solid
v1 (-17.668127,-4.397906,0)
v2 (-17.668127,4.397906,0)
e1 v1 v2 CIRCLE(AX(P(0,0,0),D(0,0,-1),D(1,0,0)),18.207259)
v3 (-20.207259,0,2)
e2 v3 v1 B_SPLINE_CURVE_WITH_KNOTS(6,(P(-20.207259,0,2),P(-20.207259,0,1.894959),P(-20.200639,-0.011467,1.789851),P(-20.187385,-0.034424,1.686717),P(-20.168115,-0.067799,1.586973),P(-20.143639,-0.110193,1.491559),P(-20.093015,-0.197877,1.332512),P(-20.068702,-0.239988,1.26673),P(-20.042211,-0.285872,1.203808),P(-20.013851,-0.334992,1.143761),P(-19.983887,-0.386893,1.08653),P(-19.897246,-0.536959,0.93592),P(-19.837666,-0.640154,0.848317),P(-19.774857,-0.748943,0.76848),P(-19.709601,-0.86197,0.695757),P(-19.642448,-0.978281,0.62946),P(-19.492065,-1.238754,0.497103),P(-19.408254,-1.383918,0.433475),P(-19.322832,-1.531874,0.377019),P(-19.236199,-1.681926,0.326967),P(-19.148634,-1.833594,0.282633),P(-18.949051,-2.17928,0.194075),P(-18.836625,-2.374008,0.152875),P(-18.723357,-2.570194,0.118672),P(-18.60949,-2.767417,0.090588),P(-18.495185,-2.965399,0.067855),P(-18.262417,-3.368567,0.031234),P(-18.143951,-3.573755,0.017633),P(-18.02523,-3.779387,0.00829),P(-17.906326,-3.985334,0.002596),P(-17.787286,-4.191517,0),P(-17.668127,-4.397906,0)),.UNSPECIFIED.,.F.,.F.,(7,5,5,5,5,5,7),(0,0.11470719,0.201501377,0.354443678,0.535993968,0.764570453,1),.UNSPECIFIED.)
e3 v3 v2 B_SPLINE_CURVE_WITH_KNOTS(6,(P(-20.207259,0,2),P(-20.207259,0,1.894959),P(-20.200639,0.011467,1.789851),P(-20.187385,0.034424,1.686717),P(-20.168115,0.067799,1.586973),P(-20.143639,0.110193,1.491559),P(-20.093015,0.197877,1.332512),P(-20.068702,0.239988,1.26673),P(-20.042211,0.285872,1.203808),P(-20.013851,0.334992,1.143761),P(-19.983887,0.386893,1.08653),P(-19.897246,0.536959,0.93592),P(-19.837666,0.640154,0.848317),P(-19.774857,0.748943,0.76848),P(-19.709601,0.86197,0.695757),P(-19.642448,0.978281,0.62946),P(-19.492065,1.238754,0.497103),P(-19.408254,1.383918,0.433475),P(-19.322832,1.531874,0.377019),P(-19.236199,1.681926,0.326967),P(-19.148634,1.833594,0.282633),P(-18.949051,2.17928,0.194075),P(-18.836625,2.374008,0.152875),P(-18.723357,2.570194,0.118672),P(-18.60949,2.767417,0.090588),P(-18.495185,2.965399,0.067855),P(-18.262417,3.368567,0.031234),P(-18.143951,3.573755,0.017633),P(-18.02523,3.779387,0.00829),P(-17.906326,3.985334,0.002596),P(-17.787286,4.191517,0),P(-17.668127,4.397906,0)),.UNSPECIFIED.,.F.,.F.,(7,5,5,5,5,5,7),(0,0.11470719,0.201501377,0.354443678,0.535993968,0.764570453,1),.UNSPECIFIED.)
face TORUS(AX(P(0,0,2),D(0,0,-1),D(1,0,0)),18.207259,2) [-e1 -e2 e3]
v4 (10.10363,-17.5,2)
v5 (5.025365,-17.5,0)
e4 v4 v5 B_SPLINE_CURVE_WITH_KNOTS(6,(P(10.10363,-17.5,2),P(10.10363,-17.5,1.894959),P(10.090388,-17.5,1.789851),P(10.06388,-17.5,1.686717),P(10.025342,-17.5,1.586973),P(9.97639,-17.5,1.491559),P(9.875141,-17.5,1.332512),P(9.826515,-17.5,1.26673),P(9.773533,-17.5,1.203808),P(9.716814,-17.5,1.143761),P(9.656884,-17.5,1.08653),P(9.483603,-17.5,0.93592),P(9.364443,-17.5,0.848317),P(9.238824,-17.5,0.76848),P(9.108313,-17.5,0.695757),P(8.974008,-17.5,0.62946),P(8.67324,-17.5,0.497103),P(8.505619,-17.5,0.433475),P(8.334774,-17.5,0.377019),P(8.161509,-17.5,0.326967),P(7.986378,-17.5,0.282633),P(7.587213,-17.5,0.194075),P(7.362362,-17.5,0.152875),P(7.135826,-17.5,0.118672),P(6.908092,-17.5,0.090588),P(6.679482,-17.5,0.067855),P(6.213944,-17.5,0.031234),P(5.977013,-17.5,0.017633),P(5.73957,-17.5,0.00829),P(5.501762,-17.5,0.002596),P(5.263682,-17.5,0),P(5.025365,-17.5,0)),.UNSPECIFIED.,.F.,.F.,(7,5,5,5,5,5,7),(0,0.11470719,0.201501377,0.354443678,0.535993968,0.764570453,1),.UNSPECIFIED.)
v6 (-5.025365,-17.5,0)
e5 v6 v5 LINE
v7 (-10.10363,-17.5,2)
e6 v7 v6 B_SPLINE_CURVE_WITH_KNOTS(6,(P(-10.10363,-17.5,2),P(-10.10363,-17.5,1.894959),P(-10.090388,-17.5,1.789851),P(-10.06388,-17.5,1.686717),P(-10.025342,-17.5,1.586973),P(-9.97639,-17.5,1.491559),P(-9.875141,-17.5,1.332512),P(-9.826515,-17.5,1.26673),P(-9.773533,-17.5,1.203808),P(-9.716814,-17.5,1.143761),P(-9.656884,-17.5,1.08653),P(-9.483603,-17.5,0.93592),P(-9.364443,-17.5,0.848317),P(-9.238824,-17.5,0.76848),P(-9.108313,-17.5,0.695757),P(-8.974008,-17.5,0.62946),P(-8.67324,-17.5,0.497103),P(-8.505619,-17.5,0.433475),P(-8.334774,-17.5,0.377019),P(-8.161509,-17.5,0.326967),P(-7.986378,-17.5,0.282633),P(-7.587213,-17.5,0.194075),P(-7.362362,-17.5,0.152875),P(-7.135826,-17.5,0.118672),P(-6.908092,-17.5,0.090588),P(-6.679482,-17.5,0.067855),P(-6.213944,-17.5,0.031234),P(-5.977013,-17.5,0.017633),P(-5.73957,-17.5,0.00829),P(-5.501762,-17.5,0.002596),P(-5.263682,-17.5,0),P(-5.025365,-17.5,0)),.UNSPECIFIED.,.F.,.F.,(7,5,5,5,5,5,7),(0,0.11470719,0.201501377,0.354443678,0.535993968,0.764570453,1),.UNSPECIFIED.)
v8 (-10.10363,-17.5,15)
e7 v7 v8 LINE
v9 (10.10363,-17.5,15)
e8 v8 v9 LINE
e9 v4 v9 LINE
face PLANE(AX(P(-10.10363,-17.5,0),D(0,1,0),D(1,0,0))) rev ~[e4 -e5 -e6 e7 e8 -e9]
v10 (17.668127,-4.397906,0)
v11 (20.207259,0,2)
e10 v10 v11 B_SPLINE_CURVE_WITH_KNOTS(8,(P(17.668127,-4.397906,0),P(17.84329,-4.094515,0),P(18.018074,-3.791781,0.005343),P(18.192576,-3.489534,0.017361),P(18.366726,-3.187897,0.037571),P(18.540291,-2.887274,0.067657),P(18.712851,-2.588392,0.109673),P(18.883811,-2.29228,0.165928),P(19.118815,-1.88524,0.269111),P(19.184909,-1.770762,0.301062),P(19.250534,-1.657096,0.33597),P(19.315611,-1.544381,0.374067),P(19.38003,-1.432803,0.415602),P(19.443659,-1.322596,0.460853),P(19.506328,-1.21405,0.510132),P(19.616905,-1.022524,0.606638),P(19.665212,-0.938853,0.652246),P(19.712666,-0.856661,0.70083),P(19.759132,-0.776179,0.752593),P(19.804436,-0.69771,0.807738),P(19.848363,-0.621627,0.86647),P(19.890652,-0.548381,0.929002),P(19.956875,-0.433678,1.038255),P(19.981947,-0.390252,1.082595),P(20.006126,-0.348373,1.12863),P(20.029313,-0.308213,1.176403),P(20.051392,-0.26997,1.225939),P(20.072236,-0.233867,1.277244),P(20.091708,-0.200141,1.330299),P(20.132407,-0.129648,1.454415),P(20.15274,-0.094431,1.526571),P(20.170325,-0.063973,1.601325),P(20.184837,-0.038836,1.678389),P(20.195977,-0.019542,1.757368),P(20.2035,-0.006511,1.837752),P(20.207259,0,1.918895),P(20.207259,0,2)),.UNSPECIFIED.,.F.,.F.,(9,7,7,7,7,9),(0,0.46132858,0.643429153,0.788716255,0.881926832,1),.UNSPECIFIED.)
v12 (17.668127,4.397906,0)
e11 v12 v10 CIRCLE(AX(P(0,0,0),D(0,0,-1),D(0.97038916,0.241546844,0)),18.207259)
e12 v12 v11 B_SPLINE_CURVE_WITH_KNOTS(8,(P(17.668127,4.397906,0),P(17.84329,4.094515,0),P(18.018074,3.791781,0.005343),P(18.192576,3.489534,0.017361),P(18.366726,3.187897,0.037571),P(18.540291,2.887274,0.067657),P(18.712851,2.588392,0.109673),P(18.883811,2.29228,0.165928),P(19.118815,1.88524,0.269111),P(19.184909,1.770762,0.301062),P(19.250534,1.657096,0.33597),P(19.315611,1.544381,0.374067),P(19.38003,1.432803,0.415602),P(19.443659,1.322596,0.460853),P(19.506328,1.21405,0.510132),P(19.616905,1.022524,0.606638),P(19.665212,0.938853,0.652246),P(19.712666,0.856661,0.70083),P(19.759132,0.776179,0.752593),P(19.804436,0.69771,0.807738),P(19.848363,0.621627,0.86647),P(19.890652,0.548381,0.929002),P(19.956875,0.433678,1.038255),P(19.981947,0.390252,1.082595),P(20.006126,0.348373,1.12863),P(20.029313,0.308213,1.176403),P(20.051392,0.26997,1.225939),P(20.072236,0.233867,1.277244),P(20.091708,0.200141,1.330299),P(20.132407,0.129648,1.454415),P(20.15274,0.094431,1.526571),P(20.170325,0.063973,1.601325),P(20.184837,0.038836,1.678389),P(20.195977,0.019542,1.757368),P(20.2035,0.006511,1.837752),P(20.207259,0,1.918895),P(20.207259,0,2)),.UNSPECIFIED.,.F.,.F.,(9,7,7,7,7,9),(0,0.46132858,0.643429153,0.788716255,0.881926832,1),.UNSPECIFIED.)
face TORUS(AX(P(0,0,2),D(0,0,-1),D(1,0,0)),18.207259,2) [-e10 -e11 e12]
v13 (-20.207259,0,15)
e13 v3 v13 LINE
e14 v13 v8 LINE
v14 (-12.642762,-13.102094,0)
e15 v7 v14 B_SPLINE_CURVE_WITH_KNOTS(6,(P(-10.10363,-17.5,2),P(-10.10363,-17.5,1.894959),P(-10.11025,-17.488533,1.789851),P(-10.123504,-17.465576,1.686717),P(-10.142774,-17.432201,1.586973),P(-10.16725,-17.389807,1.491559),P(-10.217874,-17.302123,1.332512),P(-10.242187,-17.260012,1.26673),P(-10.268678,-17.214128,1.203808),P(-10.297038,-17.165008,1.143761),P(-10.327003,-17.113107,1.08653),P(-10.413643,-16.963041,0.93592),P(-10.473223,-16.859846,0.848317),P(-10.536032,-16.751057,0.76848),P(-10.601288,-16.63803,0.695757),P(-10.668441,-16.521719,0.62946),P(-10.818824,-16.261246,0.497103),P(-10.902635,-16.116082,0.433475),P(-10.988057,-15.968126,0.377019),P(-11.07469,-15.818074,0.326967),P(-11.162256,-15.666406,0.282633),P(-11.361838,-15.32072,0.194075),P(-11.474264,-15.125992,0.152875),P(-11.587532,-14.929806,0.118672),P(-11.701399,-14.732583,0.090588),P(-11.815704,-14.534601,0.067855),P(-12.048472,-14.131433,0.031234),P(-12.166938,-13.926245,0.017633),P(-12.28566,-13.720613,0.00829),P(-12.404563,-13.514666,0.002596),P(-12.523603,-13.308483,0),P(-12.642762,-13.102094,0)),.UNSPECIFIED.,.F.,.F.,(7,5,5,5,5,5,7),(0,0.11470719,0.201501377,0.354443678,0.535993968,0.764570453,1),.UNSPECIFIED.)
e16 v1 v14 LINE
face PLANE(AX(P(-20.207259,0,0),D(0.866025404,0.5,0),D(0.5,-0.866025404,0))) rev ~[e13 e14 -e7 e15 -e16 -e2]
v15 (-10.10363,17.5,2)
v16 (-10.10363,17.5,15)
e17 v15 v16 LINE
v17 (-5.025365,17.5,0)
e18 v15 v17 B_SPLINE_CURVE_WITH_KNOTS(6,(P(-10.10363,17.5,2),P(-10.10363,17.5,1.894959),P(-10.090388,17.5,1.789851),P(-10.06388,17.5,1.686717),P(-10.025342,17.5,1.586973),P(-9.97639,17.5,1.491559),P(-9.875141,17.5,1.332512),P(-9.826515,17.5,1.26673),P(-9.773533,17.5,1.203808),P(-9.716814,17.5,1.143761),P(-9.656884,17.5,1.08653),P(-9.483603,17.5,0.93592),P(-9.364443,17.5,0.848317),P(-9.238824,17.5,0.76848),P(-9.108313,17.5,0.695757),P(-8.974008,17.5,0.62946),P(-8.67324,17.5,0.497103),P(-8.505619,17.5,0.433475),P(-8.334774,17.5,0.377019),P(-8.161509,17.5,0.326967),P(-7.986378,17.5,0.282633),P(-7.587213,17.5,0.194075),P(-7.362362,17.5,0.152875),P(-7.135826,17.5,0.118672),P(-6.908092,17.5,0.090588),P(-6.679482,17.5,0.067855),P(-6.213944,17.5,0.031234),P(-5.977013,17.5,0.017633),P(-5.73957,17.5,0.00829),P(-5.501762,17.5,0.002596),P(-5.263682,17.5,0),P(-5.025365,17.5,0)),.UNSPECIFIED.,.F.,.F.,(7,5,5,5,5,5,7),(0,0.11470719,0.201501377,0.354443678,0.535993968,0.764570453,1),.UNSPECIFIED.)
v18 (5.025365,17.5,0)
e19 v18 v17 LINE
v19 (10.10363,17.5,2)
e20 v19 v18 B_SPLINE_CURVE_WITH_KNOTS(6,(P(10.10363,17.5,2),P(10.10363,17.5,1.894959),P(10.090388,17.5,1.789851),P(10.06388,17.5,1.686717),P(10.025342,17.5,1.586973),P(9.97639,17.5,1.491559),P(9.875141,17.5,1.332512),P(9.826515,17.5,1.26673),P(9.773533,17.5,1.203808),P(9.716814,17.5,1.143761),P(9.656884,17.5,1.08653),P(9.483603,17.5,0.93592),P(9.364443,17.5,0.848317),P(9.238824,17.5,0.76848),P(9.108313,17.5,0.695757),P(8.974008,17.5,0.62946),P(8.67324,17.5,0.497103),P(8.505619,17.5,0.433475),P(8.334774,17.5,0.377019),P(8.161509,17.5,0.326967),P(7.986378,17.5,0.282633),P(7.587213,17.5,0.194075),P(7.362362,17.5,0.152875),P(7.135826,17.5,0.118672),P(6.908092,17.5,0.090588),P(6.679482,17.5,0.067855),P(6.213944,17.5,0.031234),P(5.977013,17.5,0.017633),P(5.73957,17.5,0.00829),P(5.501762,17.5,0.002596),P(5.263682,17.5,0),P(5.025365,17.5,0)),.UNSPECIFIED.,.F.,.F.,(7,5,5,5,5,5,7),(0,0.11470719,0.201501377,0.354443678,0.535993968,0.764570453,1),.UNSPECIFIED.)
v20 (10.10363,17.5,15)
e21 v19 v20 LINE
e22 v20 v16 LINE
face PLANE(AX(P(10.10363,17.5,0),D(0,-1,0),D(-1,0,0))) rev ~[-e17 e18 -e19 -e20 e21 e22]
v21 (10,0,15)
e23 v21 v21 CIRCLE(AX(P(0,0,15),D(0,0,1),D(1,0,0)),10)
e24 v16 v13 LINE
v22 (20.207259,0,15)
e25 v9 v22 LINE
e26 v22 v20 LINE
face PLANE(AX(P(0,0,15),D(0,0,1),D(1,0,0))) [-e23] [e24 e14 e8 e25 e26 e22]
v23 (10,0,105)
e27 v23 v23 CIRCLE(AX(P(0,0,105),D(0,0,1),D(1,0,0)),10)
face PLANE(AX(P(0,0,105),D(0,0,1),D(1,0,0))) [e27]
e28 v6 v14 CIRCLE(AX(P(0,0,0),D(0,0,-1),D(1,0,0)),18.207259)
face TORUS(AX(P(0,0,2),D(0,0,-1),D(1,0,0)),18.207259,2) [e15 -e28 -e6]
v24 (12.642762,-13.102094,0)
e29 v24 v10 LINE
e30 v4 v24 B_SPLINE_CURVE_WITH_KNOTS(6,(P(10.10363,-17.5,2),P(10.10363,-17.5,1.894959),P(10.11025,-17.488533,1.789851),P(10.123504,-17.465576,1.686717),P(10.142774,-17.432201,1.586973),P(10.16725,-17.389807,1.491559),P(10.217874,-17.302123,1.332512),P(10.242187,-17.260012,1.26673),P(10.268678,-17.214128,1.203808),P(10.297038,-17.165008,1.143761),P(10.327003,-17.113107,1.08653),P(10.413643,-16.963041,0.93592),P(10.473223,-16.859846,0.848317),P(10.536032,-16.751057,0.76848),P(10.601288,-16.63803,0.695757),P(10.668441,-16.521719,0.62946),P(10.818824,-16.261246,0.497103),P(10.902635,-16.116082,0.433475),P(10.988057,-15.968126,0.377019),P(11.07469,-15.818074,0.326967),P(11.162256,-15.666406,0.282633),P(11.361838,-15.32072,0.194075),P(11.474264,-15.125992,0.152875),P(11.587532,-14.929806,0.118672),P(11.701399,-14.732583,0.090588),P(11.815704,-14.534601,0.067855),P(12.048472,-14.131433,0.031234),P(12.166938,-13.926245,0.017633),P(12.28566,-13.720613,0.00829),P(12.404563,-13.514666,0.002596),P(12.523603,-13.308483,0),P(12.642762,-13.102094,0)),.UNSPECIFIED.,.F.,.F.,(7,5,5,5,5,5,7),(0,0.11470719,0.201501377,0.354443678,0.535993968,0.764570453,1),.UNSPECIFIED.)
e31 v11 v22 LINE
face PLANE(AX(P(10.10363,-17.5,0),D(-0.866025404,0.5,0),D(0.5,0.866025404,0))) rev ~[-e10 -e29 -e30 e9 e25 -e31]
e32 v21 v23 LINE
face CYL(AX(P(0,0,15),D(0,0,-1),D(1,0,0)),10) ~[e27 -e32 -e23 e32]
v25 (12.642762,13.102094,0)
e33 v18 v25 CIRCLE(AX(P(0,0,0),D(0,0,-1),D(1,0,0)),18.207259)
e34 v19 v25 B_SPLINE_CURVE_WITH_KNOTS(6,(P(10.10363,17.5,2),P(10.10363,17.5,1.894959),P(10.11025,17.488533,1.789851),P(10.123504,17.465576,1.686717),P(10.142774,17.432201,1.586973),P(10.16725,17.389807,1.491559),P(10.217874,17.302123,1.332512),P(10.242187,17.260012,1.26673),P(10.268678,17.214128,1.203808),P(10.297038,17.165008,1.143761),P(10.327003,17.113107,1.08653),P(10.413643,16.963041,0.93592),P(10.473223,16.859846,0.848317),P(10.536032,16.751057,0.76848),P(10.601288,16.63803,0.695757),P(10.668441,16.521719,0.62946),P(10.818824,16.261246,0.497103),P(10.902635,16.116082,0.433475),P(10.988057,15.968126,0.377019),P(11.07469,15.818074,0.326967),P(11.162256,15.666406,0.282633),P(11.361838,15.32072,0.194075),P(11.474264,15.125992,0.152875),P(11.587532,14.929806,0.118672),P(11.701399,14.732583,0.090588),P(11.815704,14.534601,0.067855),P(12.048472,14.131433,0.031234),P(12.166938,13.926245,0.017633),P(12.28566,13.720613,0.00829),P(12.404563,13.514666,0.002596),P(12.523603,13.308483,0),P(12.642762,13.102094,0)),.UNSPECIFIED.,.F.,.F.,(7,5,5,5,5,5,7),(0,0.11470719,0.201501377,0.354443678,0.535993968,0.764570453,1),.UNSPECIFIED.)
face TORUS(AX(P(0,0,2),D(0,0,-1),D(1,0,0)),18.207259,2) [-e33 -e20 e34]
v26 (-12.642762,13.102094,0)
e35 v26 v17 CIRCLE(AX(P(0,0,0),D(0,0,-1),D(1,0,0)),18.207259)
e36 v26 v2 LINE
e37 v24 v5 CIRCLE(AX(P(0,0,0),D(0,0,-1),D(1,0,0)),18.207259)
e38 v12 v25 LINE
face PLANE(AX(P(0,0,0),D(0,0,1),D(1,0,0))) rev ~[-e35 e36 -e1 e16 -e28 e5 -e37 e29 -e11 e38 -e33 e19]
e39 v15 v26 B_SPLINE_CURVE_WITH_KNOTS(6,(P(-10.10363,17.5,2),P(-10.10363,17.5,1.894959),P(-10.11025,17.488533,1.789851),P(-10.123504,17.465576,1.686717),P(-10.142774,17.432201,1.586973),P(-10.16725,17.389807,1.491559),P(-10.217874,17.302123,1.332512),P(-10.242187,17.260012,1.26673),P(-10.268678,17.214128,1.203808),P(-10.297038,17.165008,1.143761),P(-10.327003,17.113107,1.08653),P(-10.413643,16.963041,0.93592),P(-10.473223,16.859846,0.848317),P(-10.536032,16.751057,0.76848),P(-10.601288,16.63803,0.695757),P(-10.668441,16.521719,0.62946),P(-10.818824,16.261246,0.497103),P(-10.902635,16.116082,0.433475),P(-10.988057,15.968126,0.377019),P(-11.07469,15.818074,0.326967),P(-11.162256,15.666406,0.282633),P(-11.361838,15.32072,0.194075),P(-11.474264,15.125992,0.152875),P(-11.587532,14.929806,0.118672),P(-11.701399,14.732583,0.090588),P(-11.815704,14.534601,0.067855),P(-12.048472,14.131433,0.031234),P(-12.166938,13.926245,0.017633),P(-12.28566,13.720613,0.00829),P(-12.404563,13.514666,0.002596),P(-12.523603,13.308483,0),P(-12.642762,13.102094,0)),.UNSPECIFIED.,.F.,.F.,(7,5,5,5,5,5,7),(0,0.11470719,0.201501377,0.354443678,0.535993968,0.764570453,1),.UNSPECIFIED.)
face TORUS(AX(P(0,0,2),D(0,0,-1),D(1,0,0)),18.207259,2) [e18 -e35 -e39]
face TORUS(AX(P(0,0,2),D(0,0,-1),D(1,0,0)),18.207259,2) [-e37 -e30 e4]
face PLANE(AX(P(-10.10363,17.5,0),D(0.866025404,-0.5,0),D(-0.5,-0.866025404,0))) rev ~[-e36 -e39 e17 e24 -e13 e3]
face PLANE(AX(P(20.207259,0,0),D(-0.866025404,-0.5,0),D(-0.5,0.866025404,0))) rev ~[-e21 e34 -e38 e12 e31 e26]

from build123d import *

# Parameters (mm, degrees)
BOSS_EXTRUDE1_DEPTH = 15
SKETCH2_R           = 10
BOSS_EXTRUDE2_DEPTH = 90


with BuildPart() as part:
    # Sketch1 → Boss-Extrude1 (new body)
    with BuildSketch(Plane.XY):
        Polygon((-20.207259422, 0), (-10.103629711, -17.5), (10.103629711, -17.5), (20.207259422, 0), (10.103629711, 17.5), (-10.103629711, 17.5), align=None)
    extrude(amount=BOSS_EXTRUDE1_DEPTH)

    # Sketch2 → Boss-Extrude2 (add)
    with BuildSketch(Plane.XY.offset(15)):
        Circle(SKETCH2_R)
    extrude(amount=BOSS_EXTRUDE2_DEPTH)

    # Sketch3 → Cut-Revolve2 (revolve, cut)
    with BuildSketch(Plane(origin=(0, 0, 0), x_dir=(1, 0, 0), z_dir=(0, 1, 0))):
        with BuildLine():
            Line((18.207259422, 0), (20.207259422, 0))
            Line((20.207259422, 0), (20.207259422, -2))
            ThreePointArc((20.207259422, -2), (19.621472984, -0.585786438), (18.207259422, 0))
        make_face()
    revolve(axis=Axis((0, 0, 105), (0, 0, -1)), mode=Mode.SUBTRACT)


solid = part.part
